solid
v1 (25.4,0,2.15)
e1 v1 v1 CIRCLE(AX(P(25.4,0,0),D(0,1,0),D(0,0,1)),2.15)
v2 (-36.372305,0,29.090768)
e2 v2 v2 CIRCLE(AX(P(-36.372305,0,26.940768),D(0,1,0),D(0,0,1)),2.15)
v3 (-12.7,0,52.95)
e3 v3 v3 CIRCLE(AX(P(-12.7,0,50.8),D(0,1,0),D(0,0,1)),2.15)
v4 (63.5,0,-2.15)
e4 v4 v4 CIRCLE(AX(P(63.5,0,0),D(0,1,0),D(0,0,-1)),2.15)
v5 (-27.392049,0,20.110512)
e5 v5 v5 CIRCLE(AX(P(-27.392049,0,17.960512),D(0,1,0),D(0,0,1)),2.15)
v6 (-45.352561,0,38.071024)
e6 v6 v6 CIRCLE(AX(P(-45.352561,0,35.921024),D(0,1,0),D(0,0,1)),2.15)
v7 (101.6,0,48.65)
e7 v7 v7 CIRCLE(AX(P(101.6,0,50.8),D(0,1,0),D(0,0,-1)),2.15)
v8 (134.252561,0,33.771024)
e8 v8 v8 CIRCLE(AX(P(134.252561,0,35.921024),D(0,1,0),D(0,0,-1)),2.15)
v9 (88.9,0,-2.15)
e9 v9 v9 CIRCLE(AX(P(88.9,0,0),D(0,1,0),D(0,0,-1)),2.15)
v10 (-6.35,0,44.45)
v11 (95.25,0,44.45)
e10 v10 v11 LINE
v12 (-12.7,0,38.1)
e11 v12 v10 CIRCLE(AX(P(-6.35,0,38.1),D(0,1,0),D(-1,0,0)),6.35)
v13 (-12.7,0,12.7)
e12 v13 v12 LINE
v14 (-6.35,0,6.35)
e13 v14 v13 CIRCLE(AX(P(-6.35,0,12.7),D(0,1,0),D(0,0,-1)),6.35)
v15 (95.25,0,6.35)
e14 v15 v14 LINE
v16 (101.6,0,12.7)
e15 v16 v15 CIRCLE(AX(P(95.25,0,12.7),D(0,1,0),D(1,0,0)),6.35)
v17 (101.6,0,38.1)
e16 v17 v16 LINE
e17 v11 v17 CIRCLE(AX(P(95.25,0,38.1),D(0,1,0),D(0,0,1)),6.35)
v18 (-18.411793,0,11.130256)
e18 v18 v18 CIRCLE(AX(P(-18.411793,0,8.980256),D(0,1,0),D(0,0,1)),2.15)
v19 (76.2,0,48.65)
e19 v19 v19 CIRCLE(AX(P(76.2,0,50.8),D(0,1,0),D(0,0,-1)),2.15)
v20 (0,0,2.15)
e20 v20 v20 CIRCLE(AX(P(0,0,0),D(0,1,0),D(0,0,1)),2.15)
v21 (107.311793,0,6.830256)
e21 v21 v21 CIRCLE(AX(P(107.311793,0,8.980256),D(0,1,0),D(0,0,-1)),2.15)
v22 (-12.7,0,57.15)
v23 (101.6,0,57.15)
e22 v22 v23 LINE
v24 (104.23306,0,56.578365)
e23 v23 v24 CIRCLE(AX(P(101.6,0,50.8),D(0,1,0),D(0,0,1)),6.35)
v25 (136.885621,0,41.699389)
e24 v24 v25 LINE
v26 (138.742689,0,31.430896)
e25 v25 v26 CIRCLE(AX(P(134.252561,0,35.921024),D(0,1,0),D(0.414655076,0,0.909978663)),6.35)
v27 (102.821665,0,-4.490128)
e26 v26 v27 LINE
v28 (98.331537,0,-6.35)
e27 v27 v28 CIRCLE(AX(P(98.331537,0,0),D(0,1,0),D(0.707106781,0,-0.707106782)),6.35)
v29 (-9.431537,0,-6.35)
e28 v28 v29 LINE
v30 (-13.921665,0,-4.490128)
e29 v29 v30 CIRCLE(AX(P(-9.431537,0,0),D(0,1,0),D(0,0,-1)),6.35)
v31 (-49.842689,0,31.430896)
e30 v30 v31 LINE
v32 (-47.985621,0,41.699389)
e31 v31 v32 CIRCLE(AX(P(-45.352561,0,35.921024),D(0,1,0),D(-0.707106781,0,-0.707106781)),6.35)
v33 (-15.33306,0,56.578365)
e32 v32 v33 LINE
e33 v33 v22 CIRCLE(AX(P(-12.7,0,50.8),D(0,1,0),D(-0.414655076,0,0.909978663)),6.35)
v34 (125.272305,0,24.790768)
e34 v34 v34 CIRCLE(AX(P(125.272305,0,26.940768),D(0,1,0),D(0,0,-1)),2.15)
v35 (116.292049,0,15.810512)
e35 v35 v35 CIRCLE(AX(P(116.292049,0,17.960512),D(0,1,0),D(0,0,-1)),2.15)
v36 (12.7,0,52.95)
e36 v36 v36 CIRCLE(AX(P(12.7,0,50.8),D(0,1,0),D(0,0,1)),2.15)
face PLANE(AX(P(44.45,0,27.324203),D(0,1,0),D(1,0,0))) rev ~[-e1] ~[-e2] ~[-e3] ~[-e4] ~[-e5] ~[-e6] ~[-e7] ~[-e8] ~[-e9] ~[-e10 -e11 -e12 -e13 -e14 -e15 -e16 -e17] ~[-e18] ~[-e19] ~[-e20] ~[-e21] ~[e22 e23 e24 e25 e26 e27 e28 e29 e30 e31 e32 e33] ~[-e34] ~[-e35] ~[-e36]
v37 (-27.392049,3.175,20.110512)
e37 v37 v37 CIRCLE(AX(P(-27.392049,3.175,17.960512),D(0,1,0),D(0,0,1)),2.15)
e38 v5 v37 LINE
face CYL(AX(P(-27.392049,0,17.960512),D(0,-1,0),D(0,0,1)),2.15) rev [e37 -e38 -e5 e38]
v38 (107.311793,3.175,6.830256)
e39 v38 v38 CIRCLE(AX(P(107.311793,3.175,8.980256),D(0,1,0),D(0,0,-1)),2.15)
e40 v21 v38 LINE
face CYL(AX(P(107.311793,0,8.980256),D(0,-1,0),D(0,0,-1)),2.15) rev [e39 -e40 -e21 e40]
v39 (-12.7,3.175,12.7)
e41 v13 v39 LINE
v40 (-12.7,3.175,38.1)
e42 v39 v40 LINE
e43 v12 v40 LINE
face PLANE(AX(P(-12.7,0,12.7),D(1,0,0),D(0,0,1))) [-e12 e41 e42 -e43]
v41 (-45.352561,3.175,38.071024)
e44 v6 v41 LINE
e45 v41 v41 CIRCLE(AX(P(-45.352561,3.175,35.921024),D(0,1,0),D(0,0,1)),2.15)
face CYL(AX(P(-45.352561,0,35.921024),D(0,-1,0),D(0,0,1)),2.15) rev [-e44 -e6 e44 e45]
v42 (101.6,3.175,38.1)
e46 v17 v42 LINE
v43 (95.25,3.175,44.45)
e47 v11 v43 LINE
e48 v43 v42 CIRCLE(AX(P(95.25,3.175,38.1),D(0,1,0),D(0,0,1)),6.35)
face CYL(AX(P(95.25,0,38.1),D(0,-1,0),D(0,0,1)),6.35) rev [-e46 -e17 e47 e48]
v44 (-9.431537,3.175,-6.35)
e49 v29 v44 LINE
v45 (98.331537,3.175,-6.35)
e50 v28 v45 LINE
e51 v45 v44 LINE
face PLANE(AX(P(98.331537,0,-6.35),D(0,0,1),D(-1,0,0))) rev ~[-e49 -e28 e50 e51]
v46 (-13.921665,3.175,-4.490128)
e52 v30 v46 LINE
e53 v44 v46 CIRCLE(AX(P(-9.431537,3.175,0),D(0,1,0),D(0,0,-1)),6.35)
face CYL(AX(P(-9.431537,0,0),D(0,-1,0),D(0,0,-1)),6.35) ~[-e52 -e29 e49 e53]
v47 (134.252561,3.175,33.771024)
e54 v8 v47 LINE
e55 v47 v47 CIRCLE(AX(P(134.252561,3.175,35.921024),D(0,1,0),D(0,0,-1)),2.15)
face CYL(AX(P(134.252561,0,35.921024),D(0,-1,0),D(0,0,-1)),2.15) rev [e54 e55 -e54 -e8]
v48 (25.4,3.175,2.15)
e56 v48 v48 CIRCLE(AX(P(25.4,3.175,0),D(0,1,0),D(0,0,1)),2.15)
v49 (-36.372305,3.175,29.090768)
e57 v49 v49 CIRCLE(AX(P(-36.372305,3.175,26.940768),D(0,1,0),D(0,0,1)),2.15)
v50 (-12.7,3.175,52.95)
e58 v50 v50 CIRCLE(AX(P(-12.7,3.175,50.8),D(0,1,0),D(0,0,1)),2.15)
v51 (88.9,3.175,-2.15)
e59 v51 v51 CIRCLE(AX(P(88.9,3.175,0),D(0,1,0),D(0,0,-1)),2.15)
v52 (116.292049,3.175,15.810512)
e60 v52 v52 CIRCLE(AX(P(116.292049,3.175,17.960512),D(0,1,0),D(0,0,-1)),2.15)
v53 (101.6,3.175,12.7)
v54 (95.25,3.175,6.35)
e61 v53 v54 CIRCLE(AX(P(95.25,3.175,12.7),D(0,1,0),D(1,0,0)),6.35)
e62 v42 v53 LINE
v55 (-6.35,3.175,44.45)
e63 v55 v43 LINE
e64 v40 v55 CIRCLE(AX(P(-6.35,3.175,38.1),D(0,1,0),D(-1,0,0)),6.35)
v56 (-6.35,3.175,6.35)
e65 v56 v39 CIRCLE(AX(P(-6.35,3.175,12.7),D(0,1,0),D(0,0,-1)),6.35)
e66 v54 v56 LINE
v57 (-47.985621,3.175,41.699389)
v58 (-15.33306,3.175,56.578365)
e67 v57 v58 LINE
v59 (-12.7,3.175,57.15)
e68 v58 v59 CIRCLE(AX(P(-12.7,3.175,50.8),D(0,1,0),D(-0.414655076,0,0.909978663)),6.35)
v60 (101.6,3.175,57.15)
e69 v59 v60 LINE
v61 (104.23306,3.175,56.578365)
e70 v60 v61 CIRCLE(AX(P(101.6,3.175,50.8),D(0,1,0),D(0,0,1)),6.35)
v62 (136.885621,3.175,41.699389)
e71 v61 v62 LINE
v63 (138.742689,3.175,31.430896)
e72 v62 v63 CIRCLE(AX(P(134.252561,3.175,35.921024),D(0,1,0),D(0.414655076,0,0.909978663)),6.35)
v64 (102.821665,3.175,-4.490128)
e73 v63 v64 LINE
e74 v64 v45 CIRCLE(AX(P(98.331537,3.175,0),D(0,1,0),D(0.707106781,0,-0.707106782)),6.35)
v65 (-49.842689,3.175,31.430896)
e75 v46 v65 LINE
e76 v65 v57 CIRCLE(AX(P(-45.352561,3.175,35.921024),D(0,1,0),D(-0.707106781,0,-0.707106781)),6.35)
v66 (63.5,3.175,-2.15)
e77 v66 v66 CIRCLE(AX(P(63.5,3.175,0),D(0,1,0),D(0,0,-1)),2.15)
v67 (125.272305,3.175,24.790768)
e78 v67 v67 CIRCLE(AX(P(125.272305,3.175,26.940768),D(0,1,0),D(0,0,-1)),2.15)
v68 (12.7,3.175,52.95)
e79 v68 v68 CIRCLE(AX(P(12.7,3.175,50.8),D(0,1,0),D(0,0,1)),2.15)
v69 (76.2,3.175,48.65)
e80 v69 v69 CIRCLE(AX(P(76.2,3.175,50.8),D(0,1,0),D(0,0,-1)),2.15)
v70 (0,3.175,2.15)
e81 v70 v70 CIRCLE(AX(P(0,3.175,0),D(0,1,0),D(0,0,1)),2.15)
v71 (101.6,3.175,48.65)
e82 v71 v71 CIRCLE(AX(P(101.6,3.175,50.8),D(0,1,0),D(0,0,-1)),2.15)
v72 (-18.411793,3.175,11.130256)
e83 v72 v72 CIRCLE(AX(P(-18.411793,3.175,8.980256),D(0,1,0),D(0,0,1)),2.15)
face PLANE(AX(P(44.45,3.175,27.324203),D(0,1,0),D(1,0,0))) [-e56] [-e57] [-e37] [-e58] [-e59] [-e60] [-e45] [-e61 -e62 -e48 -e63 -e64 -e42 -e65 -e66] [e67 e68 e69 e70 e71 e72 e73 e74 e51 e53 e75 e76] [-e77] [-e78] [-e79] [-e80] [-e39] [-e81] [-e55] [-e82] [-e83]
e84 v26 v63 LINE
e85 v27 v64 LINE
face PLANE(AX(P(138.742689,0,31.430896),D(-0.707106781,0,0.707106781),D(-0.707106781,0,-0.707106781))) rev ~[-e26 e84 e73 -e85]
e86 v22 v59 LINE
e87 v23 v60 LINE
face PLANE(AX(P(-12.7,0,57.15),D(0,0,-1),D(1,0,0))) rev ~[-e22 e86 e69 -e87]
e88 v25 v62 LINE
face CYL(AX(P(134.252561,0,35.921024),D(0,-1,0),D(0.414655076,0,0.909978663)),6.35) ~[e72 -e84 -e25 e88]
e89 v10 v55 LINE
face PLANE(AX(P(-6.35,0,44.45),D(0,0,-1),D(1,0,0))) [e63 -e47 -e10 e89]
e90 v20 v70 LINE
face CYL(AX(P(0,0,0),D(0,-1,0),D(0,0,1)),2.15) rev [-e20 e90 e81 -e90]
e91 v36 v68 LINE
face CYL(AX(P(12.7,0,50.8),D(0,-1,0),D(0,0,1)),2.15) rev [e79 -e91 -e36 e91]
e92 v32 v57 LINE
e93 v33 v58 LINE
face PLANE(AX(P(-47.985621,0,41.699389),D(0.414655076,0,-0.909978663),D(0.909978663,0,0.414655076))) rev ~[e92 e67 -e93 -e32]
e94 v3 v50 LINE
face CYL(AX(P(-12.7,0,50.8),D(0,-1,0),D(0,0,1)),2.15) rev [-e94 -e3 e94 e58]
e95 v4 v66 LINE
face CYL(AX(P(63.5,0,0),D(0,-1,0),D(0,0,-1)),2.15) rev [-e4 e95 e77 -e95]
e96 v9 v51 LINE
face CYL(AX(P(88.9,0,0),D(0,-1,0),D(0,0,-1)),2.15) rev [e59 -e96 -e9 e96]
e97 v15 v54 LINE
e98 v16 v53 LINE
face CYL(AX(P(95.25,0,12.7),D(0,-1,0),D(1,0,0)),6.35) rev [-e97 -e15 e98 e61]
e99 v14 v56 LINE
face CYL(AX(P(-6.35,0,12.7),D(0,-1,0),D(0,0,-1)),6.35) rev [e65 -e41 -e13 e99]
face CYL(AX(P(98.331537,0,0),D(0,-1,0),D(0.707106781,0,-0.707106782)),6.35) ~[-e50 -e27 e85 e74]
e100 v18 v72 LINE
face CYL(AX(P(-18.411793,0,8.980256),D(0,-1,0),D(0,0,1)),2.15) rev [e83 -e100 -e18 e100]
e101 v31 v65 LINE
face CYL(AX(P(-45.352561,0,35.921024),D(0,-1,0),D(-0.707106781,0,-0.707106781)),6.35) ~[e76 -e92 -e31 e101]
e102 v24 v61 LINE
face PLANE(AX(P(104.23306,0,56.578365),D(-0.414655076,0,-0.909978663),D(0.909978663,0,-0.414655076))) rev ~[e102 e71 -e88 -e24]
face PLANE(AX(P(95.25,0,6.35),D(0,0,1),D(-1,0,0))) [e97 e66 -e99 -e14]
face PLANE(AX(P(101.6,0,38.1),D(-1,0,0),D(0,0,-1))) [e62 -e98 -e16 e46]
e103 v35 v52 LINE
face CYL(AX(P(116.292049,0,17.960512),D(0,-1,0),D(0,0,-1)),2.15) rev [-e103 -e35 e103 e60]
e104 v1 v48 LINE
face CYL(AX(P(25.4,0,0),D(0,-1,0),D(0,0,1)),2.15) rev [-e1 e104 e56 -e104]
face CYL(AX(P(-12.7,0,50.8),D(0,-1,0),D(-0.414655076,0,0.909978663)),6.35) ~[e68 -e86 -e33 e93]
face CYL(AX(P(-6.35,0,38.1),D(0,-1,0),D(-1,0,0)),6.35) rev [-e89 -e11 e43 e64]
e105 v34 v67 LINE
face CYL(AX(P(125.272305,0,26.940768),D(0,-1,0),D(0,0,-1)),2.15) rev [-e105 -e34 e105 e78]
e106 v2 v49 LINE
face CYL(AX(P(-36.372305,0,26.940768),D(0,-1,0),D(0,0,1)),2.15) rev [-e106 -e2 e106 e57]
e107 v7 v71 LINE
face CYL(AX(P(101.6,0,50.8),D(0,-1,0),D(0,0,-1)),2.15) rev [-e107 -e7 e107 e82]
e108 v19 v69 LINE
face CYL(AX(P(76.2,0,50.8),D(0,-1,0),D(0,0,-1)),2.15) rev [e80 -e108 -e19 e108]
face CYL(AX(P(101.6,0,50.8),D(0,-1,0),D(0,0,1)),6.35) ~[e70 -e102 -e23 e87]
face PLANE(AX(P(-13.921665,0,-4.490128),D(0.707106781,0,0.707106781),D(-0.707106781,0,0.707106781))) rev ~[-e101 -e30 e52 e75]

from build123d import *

# Parameters (mm, degrees)
SKETCH1_R           = 2.15
BOSS_EXTRUDE1_DEPTH = 3.175


with BuildPart() as part:
    # Sketch1 → Boss-Extrude1 (new body)
    with BuildSketch(Plane(origin=(0, 0, 0), x_dir=(1, 0, 0), z_dir=(0, 1, 0))):
        with BuildLine():
            Line((98.331536726, 6.35), (-9.431536726, 6.35))
            ThreePointArc((-9.431536726, 6.35), (-11.861576522, 5.866635031), (-13.921664787, 4.490128061))
            Line((-13.921664787, 4.490128061), (-49.842689271, -31.430896424))
            ThreePointArc((-49.842689271, -31.430896424), (-51.601195943, -37.051097041), (-47.985620944, -41.699388997))
            Line((-47.985620944, -41.699388997), (-15.333059733, -56.578364513))
            ThreePointArc((-15.333059733, -56.578364513), (-14.047198082, -57.00544578), (-12.7, -57.15))
            Line((-12.7, -57.15), (101.6, -57.15))
            ThreePointArc((101.6, -57.15), (102.947198082, -57.00544578), (104.233059733, -56.578364513))
            Line((104.233059733, -56.578364513), (136.885620944, -41.699388997))
            ThreePointArc((136.885620944, -41.699388997), (140.501195943, -37.051097041), (138.742689271, -31.430896424))
            Line((138.742689271, -31.430896424), (102.821664787, 4.490128061))
            ThreePointArc((102.821664787, 4.490128061), (100.761576522, 5.866635031), (98.331536726, 6.35))
        make_face()
        with Locations(Location((0, 0, 0), (0, 0, 270))):
            Circle(SKETCH1_R, mode=Mode.SUBTRACT)
        with Locations(Location((25.4, 0, 0), (0, 0, 270))):
            Circle(SKETCH1_R, mode=Mode.SUBTRACT)
        with Locations(Location((-18.411792847, -8.980256121, 0), (0, 0, 270))):
            Circle(SKETCH1_R, mode=Mode.SUBTRACT)
        with Locations(Location((-27.392048969, -17.960512242, 0), (0, 0, 270))):
            Circle(SKETCH1_R, mode=Mode.SUBTRACT)
        with Locations(Location((-36.37230509, -26.940768363, 0), (0, 0, 270))):
            Circle(SKETCH1_R, mode=Mode.SUBTRACT)
        with Locations(Location((-45.352561211, -35.921024484, 0), (0, 0, 270))):
            Circle(SKETCH1_R, mode=Mode.SUBTRACT)
        with Locations(Location((-12.7, -50.8, 0), (0, 0, 270))):
            Circle(SKETCH1_R, mode=Mode.SUBTRACT)
        with Locations(Location((12.7, -50.8, 0), (0, 0, 270))):
            Circle(SKETCH1_R, mode=Mode.SUBTRACT)
        with Locations(Location((63.5, 0, 0), (0, 0, 90))):
            Circle(SKETCH1_R, mode=Mode.SUBTRACT)
        with Locations(Location((88.9, 0, 0), (0, 0, 90))):
            Circle(SKETCH1_R, mode=Mode.SUBTRACT)
        with Locations(Location((107.311792847, -8.980256121, 0), (0, 0, 90))):
            Circle(SKETCH1_R, mode=Mode.SUBTRACT)
        with Locations(Location((116.292048969, -17.960512242, 0), (0, 0, 90))):
            Circle(SKETCH1_R, mode=Mode.SUBTRACT)
        with Locations(Location((134.252561211, -35.921024484, 0), (0, 0, 90))):
            Circle(SKETCH1_R, mode=Mode.SUBTRACT)
        with Locations(Location((125.27230509, -26.940768363, 0), (0, 0, 90))):
            Circle(SKETCH1_R, mode=Mode.SUBTRACT)
        with Locations(Location((76.2, -50.8, 0), (0, 0, 90))):
            Circle(SKETCH1_R, mode=Mode.SUBTRACT)
        with Locations(Location((101.6, -50.8, 0), (0, 0, 90))):
            Circle(SKETCH1_R, mode=Mode.SUBTRACT)
        with BuildLine():
            Line((95.25, -6.35), (-6.35, -6.35))
            ThreePointArc((-6.35, -6.35), (-10.840128061, -8.209871939), (-12.7, -12.7))
            Line((-12.7, -12.7), (-12.7, -38.1))
            ThreePointArc((-12.7, -38.1), (-10.840128061, -42.590128061), (-6.35, -44.45))
            Line((-6.35, -44.45), (95.25, -44.45))
            ThreePointArc((95.25, -44.45), (99.740128061, -42.590128061), (101.6, -38.1))
            Line((101.6, -38.1), (101.6, -12.7))
            ThreePointArc((101.6, -12.7), (99.740128061, -8.209871939), (95.25, -6.35))
        make_face(mode=Mode.SUBTRACT)
    extrude(amount=BOSS_EXTRUDE1_DEPTH)


solid = part.part
